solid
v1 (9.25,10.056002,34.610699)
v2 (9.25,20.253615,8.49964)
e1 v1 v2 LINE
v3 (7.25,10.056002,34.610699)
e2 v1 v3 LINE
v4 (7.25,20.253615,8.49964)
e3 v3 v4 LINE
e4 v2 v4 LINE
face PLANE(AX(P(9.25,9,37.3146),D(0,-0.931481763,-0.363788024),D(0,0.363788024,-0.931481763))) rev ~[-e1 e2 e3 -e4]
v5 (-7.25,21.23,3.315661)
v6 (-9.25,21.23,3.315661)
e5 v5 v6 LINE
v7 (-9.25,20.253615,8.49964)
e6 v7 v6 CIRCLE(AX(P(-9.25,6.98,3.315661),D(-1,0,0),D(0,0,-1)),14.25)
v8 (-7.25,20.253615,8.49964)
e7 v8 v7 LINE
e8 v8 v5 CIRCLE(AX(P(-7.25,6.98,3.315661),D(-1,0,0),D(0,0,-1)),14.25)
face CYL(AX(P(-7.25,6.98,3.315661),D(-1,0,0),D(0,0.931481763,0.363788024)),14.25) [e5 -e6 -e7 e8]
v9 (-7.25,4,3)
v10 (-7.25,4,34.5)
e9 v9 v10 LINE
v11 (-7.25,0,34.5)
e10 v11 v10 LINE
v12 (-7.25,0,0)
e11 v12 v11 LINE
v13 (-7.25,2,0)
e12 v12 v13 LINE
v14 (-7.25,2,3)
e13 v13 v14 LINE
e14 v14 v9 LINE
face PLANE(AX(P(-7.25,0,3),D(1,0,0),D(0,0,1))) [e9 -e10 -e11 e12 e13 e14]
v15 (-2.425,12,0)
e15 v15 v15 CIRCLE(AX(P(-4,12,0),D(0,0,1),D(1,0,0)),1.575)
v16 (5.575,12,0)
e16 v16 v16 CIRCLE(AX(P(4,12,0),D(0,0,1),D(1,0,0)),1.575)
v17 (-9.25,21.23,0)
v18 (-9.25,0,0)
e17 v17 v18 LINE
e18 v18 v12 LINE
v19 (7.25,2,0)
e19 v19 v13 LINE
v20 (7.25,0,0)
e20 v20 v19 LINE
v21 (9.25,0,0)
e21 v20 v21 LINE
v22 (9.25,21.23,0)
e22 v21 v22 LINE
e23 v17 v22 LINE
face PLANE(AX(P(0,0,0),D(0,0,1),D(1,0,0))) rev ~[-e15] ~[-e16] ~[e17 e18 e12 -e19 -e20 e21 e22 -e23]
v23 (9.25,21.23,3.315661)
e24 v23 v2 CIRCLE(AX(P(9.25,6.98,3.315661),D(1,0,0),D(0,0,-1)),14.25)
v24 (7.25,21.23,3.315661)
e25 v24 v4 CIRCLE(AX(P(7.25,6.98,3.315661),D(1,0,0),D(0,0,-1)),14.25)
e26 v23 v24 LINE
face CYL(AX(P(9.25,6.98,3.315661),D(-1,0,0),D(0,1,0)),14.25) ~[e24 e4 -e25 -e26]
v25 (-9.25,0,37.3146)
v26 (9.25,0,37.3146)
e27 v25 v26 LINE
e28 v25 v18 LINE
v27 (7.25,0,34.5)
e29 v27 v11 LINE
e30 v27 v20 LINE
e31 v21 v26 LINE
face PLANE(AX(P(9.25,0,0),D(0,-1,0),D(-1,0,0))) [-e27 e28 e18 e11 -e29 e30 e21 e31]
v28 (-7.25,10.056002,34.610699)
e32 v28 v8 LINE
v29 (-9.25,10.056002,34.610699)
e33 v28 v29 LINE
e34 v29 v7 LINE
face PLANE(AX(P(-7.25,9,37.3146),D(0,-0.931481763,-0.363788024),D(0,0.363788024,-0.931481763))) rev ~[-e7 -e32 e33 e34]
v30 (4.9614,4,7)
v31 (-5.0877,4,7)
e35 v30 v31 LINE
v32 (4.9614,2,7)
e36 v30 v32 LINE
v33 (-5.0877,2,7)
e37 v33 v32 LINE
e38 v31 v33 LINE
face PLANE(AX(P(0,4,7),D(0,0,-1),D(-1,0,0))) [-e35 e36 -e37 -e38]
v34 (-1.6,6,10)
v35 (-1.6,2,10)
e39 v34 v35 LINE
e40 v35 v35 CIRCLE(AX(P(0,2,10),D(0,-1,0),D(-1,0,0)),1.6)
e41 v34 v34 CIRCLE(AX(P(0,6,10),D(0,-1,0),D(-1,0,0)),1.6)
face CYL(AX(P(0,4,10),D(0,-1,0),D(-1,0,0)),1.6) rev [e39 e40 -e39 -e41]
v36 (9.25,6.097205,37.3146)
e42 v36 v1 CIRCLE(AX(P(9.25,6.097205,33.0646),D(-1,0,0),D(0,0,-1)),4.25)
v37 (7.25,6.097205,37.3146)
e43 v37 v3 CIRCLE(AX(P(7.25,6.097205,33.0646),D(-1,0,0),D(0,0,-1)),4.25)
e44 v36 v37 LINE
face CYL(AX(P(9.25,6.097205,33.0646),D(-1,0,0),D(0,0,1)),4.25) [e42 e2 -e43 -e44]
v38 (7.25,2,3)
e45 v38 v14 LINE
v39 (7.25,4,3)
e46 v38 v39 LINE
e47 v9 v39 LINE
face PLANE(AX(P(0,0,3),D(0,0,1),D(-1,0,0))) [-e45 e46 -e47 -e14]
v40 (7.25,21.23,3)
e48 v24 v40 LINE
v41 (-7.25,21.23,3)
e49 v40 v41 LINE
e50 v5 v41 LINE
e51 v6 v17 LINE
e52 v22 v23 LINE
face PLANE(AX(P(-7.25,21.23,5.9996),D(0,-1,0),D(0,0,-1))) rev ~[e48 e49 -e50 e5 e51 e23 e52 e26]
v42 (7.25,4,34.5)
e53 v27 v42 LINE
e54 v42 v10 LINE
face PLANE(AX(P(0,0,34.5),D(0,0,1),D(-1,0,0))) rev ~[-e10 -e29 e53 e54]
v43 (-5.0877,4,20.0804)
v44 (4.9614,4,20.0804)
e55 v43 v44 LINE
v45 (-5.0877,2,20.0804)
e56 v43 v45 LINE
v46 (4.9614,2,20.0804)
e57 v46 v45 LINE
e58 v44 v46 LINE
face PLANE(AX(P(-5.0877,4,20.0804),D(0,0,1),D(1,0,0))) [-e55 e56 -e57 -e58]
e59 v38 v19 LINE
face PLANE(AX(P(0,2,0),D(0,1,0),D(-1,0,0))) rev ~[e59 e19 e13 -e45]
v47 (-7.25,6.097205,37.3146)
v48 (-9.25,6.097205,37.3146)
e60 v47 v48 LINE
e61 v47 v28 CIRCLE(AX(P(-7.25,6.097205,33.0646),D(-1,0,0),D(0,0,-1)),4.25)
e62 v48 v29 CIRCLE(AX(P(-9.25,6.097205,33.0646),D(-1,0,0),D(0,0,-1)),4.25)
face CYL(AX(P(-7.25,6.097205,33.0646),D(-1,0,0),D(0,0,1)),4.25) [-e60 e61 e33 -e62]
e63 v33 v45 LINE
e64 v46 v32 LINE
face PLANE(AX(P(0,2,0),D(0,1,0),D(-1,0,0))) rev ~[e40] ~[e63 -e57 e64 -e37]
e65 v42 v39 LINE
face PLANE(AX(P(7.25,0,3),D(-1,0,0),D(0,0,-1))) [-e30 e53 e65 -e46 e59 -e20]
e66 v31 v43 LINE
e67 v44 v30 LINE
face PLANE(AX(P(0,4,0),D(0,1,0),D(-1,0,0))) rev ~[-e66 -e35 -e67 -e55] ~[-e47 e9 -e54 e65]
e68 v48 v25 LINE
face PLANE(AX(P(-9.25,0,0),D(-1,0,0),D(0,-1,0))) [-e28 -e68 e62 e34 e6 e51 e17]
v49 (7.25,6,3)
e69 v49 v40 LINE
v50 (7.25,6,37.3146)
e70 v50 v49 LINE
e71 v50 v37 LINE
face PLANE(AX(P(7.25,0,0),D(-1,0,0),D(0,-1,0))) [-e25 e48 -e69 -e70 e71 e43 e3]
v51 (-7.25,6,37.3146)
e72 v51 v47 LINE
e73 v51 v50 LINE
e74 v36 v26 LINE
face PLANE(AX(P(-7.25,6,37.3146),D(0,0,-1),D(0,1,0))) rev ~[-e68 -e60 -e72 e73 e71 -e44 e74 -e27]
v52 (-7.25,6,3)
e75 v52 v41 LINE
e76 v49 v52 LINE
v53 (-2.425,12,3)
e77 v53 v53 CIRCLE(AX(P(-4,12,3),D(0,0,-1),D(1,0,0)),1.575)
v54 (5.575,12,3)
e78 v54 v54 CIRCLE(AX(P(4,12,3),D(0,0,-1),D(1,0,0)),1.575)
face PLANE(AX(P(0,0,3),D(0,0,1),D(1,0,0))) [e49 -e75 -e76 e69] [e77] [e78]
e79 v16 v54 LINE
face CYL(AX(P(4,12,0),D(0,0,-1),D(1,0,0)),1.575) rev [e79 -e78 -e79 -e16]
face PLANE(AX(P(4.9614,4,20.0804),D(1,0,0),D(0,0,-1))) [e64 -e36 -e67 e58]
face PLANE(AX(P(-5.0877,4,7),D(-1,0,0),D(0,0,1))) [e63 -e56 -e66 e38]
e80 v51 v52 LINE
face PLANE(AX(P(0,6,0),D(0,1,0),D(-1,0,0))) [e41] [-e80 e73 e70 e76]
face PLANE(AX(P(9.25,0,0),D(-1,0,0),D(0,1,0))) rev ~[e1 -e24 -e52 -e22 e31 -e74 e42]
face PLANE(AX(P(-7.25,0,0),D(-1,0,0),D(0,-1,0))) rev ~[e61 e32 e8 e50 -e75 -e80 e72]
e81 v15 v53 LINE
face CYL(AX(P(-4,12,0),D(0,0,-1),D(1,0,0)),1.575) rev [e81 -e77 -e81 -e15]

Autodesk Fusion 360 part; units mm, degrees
sketch "vertical plane" plane through (0, 0, 0) normal (0, 1, 0) x (-1, 0, 0)
  circle A0 centre (0, 10) radius 1.6
  line L0 (-7.25, 0) -> (7.25, 0)
  line L1 (7.25, 0) -> (7.25, 37.31)
  line L2 (7.25, 37.31) -> (-7.25, 37.31)
  line L3 (-7.25, 37.31) -> (-7.25, 0)
  line L4 (0, 0) -> (0, 37.31)
  line L5 (-9.25, 0) -> (9.25, 0)
  line L6 (9.25, 0) -> (9.25, 37.3146)
  line L7 (9.25, 37.3146) -> (-9.25, 37.3146)
  line L8 (-9.25, 37.3146) -> (-9.25, 0)
  line L9 (-9.25, 3) -> (9.25, 3)
  line L10 (-7.25, 34.5) -> (7.25, 34.5)
  line L11 (-4.9614, 7) -> (5.0877, 7)
  line L12 (5.0877, 7) -> (5.0877, 20.0804)
  line L13 (5.0877, 20.0804) -> (-4.9614, 20.0804)
  line L14 (-4.9614, 20.0804) -> (-4.9614, 7)
  dimension "d43" = 3.2
  dimension "d72" = 14.5
  dimension "d73" = 2
  dimension "d74" = 3
  dimension "d75" = 31.5
  dimension "d76" = 7
  dimension "d77" = 4
sketch "Sketch25" plane through (0, 0, 0) normal (0, 0, 1) x (1, 0, 0)
  line L0 (9.25, 0) -> (-9.25, 0)
  line L1 (9.25, 0) -> (9.25, 21.23)
  line L2 (9.25, 21.23) -> (-9.25, 21.23)
  line L3 (-9.25, 21.23) -> (-9.25, 0)
  line L4 (-9.25, 12) -> (9.25, 12)
  line L5 (0, 21.23) -> (0, 0)
  line L6 (9.25, 0) -> (-9.25, 0)
  circle A0 centre (-4, 12) radius 1.575
  circle A1 centre (4, 12) radius 1.575
  point P0 (7.25, 0)
  point P1 (9.25, 0)
  point P2 (-7.25, 0)
  point P3 (-9.25, 0)
  dimension "d112" = 21.23
  dimension "d113" = 12
  dimension "d114" = 3.15
  dimension "d115" = 3.15
  dimension "d116" = 8
ref_plane "WorkPlane2" through (9.25, 0, 18.6573) normal (-1, 0, 0) x (0, 0, -1)
sketch "side plane details" plane through (9.25, 0, 0) normal (-1, 0, 0) x (0, -1, 0)
  line L0 (0, 0) -> (-21.2275, 0)
  line L1 (-21.2275, 0) -> (-21.2275, 3)
  line L2 (-21.2275, 3) -> (0, 3)
  line L3 (0, 3) -> (0, 0)
  line L4 (0, 37.3146) -> (-9, 37.3146)
  line L5 (-9, 37.3146) -> (-9, 0)
  line L6 (-9, 0) -> (0, 0)
  line L7 (0, 0) -> (0, 37.3146)
  line L8 (-6, 0) -> (-6, 37.3146)
  line L9 (0, 3) -> (-21.4, 3)
  line L10 (0, 5.7) -> (0, 3)
  line L11 (-21.23, 0) -> (0, 0)
  line L12 (0, 0) -> (0, 5.9996)
  line L13 (0, 5.9996) -> (-21.23, 5.9996)
  line L14 (-21.23, 5.9996) -> (-21.23, 0)
  line L15 (-9, 37.3146) -> (-21.23, 5.9996)
  point P0 (0, 37.3146)
  point P1 (-21.23, 0)
  dimension "d83" = 9
  dimension "d84" = 3
  dimension "d89" = 6
extrude "Extrude25" add sketch "Sketch25" along normal blind 3
extrude "Extrude26" add sketch "vertical plane" along normal blind 6
extrude "Extrude27" cut sketch "vertical plane" along normal blind 2 contours L0 L1 L4 L5 L9 | L0 L3 L4 L5 L9
extrude "Extrude28" cut sketch "vertical plane" along normal blind 4 contours A0 L4 | A0 L4 L11 L12 L13 | A0 L4 | A0 L4 L11 L13 L14 | L3 L4 L9 L10 L11 L13 L14 | L1 L4 L9 L10 L11 L12 L13
extrude "Extrude29" cut sketch "vertical plane" along normal blind 2 from surface at 4 contours A0 L4 | A0 L4
extrude "Extrude30" add sketch "vertical plane" against normal blind 2 from surface at 4 contours A0 L4 L11 L12 L13 | A0 L4 L11 L13 L14
extrude "Extrude31" cut sketch "Sketch25" along normal blind 3 contours L4 A1 | L4 A1 | L4 A0 | L4 A0
extrude "Extrude32" add sketch "side plane details" along normal blind 2 contours L2 L5 L8 L9 L13 | L2 L5 L9 L13 L14 | L4 L5 L8 L13 | L5 L13 L15
extrude "Extrude33" add 1 faces at (7.25, 12.0767, 15.4381) along direction (-1, 0, 0) blind 2 from surface at 14.5
fillet "Fillet1" radius 4.25 2 edges at (8.25, 9, 37.3146) (-8.25, 9, 37.3146)
fillet "Fillet2" radius 14.25 2 edges at (-8.25, 21.23, 5.9996) (8.25, 21.23, 5.9996)
